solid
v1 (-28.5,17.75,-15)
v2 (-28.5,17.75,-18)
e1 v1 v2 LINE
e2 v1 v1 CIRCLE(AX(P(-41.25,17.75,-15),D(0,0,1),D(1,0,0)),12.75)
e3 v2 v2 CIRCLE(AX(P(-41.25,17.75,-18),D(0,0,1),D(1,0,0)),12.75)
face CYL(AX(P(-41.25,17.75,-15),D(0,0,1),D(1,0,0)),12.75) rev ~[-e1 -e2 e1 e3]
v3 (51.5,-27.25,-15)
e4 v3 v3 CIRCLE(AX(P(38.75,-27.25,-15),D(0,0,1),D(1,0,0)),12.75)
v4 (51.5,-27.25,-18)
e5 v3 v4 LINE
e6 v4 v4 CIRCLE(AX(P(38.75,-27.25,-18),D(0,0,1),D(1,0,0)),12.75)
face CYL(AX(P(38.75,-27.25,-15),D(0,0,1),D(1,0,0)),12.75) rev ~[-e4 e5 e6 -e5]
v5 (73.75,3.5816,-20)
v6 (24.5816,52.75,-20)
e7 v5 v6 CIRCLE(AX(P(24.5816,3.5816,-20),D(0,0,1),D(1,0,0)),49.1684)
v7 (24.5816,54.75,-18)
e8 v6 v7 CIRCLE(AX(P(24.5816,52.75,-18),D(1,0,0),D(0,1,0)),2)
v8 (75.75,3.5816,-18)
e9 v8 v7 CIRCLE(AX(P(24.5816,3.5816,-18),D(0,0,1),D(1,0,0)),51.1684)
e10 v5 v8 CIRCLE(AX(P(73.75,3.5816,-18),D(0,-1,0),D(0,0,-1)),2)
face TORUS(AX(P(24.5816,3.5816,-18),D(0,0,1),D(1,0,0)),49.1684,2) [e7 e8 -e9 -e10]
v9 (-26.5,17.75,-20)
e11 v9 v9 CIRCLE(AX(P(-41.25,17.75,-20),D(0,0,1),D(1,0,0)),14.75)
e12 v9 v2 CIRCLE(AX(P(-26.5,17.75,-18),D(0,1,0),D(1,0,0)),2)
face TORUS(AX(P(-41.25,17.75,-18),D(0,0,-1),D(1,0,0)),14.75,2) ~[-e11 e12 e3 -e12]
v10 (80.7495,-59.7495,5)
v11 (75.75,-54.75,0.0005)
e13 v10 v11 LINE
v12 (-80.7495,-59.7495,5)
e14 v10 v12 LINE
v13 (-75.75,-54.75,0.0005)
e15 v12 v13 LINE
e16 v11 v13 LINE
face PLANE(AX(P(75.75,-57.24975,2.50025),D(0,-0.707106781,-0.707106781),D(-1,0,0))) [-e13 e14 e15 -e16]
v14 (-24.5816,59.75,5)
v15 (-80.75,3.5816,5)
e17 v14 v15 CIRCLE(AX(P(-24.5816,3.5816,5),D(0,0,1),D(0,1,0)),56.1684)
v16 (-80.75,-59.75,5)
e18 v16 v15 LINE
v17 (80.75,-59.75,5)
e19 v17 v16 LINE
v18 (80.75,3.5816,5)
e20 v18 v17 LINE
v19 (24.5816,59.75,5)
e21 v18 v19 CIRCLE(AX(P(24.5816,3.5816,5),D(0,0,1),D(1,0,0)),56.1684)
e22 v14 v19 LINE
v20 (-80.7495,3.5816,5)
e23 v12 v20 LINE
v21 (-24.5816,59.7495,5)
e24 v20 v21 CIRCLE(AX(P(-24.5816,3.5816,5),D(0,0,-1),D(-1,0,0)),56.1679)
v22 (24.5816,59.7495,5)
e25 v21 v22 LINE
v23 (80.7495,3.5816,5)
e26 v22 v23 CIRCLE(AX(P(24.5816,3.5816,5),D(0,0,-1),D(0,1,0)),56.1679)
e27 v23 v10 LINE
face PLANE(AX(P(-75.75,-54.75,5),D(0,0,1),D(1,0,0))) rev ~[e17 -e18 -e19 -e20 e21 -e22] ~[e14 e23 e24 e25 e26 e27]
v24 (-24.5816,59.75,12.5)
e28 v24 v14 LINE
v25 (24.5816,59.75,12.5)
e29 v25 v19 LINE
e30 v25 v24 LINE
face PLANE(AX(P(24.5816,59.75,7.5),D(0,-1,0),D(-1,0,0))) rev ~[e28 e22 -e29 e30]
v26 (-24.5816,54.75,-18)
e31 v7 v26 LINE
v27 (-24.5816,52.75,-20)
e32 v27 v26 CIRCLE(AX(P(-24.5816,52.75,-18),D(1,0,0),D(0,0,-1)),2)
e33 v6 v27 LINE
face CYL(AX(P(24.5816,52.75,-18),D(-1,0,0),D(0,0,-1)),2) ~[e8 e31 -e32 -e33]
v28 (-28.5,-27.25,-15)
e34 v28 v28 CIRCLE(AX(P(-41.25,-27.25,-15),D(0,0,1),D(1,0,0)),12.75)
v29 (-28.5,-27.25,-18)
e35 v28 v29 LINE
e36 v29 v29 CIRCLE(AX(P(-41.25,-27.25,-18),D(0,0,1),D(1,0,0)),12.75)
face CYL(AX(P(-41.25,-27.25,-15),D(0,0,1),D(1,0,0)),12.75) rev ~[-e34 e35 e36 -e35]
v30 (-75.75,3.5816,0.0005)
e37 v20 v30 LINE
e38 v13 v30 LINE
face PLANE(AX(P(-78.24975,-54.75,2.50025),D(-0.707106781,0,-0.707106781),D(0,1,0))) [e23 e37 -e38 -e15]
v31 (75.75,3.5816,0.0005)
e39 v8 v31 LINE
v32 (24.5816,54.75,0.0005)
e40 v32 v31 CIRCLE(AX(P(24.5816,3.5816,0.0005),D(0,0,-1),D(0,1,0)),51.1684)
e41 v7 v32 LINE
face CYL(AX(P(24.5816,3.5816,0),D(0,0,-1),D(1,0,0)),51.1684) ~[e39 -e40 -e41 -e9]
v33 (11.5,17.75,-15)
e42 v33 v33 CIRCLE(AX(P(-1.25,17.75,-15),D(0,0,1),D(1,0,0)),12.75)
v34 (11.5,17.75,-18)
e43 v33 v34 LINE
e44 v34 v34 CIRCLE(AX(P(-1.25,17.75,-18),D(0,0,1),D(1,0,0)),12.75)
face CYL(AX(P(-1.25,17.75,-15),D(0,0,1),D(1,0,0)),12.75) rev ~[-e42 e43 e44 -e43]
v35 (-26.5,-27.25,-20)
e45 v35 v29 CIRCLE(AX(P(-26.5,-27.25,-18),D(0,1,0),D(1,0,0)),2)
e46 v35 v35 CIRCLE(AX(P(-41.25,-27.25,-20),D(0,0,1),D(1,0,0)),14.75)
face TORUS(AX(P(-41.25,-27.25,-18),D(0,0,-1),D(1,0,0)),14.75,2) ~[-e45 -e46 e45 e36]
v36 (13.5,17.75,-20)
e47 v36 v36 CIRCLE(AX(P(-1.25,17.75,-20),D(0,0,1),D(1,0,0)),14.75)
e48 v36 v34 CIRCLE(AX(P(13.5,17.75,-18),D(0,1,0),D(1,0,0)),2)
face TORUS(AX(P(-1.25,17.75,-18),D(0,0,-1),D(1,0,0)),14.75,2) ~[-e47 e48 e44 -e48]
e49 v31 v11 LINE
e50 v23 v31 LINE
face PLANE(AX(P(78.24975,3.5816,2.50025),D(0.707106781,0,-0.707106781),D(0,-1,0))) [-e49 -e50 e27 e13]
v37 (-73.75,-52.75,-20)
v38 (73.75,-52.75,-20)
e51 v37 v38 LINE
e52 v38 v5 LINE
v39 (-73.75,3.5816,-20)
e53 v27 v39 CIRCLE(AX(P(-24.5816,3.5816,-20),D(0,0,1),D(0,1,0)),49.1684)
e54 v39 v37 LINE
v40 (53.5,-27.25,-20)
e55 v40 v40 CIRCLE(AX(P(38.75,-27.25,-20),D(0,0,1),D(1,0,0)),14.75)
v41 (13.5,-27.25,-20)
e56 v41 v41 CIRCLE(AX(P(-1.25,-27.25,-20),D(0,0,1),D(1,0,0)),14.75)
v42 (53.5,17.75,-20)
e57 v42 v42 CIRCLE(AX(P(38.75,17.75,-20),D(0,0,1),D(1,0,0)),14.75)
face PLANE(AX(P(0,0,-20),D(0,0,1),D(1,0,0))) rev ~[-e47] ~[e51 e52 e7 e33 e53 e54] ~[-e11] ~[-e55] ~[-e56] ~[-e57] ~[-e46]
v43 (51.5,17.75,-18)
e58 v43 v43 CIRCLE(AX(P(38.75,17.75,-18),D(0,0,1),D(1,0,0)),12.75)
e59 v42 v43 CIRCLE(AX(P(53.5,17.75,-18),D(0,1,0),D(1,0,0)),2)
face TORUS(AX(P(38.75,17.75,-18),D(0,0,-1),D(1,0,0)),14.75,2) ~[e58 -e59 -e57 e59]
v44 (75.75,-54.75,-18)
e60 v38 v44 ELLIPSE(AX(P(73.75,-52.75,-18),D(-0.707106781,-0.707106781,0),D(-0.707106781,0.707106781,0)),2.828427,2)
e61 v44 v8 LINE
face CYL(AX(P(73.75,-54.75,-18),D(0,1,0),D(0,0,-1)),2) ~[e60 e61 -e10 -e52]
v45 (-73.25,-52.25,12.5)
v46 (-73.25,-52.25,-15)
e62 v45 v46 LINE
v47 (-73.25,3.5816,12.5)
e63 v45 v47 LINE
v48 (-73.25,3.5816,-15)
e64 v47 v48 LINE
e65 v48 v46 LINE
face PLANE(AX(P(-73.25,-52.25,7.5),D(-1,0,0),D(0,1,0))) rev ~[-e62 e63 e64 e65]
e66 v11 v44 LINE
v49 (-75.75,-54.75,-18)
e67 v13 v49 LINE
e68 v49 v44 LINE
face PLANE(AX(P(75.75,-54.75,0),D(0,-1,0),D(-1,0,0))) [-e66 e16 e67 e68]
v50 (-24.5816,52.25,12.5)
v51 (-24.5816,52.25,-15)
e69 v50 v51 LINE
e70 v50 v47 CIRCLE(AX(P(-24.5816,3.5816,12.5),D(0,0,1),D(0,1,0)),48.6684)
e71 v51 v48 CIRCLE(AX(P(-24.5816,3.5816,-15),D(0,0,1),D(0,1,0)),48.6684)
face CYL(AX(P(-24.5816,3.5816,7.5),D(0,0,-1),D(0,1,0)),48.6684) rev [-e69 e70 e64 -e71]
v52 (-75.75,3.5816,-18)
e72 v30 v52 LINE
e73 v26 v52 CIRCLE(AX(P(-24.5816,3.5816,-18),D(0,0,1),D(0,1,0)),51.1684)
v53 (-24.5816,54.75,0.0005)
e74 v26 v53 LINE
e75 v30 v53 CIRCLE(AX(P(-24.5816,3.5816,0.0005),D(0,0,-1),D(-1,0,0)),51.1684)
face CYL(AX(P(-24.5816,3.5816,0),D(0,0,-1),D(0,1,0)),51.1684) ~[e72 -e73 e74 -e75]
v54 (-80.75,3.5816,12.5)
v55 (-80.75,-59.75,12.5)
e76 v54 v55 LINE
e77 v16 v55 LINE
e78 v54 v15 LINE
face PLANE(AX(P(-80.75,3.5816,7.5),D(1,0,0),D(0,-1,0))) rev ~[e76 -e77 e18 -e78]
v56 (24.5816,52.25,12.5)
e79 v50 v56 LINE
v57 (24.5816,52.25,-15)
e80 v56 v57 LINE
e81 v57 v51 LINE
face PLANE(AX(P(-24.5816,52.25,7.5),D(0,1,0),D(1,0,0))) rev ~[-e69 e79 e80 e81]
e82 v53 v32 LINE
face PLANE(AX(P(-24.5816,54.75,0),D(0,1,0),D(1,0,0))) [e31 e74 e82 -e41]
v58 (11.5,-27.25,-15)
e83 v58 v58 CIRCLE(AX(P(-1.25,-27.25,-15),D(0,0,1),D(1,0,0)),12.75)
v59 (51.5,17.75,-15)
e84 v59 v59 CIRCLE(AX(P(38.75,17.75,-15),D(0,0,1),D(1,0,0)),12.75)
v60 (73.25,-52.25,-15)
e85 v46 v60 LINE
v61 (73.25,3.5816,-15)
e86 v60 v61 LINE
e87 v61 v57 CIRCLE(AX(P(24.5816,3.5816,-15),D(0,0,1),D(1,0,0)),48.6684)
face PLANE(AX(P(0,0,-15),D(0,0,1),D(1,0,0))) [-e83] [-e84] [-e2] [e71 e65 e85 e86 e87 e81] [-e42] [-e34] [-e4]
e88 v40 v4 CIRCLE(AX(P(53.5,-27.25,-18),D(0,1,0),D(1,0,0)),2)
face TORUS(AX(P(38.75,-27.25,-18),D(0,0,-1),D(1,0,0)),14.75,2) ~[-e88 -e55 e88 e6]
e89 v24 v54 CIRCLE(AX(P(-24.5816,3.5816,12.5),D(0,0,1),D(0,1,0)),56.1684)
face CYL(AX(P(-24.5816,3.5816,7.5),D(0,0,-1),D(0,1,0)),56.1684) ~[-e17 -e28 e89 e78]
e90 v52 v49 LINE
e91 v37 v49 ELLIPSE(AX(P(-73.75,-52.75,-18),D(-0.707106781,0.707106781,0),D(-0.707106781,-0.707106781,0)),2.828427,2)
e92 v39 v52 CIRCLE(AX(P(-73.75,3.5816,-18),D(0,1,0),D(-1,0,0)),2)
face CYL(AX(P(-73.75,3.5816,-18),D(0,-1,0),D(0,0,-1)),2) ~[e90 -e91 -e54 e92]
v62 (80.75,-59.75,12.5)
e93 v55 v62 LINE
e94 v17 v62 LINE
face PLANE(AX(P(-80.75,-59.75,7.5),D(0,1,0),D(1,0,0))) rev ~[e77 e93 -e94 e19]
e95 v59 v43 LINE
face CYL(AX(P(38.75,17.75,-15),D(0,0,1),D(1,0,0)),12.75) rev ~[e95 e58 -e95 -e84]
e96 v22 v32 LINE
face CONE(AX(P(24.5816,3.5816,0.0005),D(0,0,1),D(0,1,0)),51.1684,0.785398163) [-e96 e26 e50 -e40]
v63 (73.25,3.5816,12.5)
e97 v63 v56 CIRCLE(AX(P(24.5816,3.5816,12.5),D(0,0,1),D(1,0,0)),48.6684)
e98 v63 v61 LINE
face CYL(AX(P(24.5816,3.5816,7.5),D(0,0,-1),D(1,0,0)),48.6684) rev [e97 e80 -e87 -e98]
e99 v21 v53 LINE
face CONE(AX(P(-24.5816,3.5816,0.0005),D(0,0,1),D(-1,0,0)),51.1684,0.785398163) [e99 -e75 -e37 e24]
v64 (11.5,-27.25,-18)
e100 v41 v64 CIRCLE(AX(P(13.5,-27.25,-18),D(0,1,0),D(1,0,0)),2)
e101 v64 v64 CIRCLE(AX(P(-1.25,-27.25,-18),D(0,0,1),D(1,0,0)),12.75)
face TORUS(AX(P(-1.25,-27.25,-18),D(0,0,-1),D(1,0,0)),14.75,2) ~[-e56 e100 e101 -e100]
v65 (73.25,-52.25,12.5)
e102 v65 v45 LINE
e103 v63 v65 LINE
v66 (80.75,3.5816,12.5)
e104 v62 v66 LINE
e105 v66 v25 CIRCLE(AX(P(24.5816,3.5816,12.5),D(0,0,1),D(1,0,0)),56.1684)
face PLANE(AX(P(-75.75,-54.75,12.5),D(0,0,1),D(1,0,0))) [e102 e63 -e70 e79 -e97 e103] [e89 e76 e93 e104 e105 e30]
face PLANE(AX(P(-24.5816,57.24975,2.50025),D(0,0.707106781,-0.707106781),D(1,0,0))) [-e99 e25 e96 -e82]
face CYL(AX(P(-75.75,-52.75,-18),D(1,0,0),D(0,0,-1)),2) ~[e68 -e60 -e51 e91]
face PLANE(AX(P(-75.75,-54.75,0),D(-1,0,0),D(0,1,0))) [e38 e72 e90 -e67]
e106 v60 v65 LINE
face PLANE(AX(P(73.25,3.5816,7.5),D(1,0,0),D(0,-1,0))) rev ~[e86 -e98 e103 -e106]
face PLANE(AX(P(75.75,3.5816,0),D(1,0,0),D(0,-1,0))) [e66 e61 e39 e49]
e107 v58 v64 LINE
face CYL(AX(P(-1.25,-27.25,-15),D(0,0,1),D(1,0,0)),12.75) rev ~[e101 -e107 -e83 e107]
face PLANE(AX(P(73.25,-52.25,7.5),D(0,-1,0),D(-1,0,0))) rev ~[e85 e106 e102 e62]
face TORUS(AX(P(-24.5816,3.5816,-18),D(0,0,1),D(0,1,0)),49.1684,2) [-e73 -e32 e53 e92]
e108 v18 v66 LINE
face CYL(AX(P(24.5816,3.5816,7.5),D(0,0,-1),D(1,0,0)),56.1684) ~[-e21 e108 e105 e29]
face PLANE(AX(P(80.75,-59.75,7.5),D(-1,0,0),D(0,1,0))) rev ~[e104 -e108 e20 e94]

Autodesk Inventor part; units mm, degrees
ref_plane "YZ Plane" through (0, 0, 0) normal (1, 0, 0) x (0, 1, 0)
ref_plane "XZ Plane" through (0, 0, 0) normal (0, 1, 0) x (-1, 0, 0)
ref_plane "Work Plane1" through (0, 0, -20) normal (0, 0, 1) x (1, 0, 0)
sketch "Sketch1" plane through (0, 0, -20) normal (0, 0, 1) x (1, 0, 0)
  arc A0 (-24.5816, 56) -> (-77, 3.5816) centre (-24.5816, 3.5816) ccw construction
  line L0 (-24.5816, 56) -> (24.5816, 56) construction
  arc A1 (77, 3.5816) -> (24.5816, 56) centre (24.5816, 3.5816) ccw construction
  line L1 (77, 3.5816) -> (77, -56) construction
  line L2 (77, -56) -> (-77, -56) construction
  line L3 (-77, -56) -> (-77, 3.5816) construction
  line L4 (87, 75) -> (-87, 75) construction
  line L5 (-87, 75) -> (-87, -75) construction
  line L6 (-87, -75) -> (87, -75) construction
  line L7 (87, -75) -> (87, 75) construction
  line L8 (24.5816, 54.75) -> (-24.5816, 54.75)
  arc A2 (-24.5816, 54.75) -> (-75.75, 3.5816) centre (-24.5816, 3.5816) ccw
  line L9 (-75.75, 3.5816) -> (-75.75, -54.75)
  line L10 (-75.75, -54.75) -> (75.75, -54.75)
  line L11 (75.75, -54.75) -> (75.75, 3.5816)
  arc A3 (75.75, 3.5816) -> (24.5816, 54.75) centre (24.5816, 3.5816) ccw
  point P0 (0, 0)
  dimension "d0" = 1.25
extrude "Extrusion1" add sketch "Sketch1" along normal blind 5
sketch "Sketch2" plane through (0, 0, -15) normal (0, 0, 1) x (1, 0, 0)
  line L0 (24.5816, 54.75) -> (-24.5816, 54.75) projected
  arc A0 (-24.5816, 54.75) -> (-75.75, 3.5816) centre (-24.5816, 3.5816) ccw projected
  line L1 (-75.75, 3.5816) -> (-75.75, -54.75) projected
  line L2 (-75.75, -54.75) -> (75.75, -54.75) projected
  line L3 (75.75, -54.75) -> (75.75, 3.5816) projected
  arc A1 (75.75, 3.5816) -> (24.5816, 54.75) centre (24.5816, 3.5816) ccw projected
  line L4 (24.5816, 52.25) -> (-24.5816, 52.25)
  arc A2 (-24.5816, 52.25) -> (-73.25, 3.5816) centre (-24.5816, 3.5816) ccw
  line L5 (-73.25, 3.5816) -> (-73.25, -52.25)
  line L6 (-73.25, -52.25) -> (73.25, -52.25)
  line L7 (73.25, -52.25) -> (73.25, 3.5816)
  arc A3 (73.25, 3.5816) -> (24.5816, 52.25) centre (24.5816, 3.5816) ccw
  point P0 (0, 0)
  dimension "d3" = 2.5
ref_plane "Work Plane2" through (-87, -75, 0) normal (0, 0, 1) x (1, 0, 0)
extrude "Extrusion2" add sketch "Sketch2" along normal up to surface (15 mm away)
sketch "Sketch3" plane through (-75.75, -54.75, 0) normal (0, 0, 1) x (1, 0, 0)
  arc A0 (149, 58.3316) -> (100.3316, 107) centre (100.3316, 58.3316) ccw projected
  line L0 (149, 2.5) -> (149, 58.3316) projected
  line L1 (2.5, 2.5) -> (149, 2.5) projected
  line L2 (2.5, 58.3316) -> (2.5, 2.5) projected
  arc A1 (51.1684, 107) -> (2.5, 58.3316) centre (51.1684, 58.3316) ccw projected
  line L3 (100.3316, 107) -> (51.1684, 107) projected
  arc A2 (151.5, 58.3316) -> (100.3316, 109.5) centre (100.3316, 58.3316) ccw projected
  line L4 (51.1684, 109.5) -> (100.3316, 109.5) projected
  arc A3 (51.1684, 109.5) -> (0, 58.3316) centre (51.1684, 58.3316) ccw projected
  line L5 (0, 0) -> (0, 58.3316) projected
  line L6 (151.5, 0) -> (0, 0) projected
  line L7 (151.5, 58.3316) -> (151.5, 0) projected
  point P0 (75.75, 54.75)
extrude "Extrusion3" add sketch "Sketch3" along normal blind 5
sketch "Sketch4" plane through (-75.75, -54.75, 5) normal (0, 0, 1) x (1, 0, 0)
  line L0 (149, 58.3316) -> (149, 2.5) projected
  line L1 (149, 2.5) -> (2.5, 2.5) projected
  line L2 (2.5, 2.5) -> (2.5, 58.3316) projected
  arc A0 (51.1684, 107) -> (2.5, 58.3316) centre (51.1684, 58.3316) ccw projected
  line L3 (51.1684, 107) -> (100.3316, 107) projected
  arc A1 (149, 58.3316) -> (100.3316, 107) centre (100.3316, 58.3316) ccw projected
  arc A2 (151.5, 58.3316) -> (100.3316, 109.5) centre (100.3316, 58.3316) ccw construction
  line L4 (100.3316, 109.5) -> (51.1684, 109.5) construction
  arc A3 (51.1684, 109.5) -> (0, 58.3316) centre (51.1684, 58.3316) ccw construction
  line L5 (0, 58.3316) -> (0, 0) construction
  line L6 (0, 0) -> (151.5, 0) construction
  line L7 (151.5, 0) -> (151.5, 58.3316) construction
  line L8 (156.5, -5) -> (-5, -5)
  line L9 (-5, -5) -> (-5, 58.3316)
  arc A4 (51.1684, 114.5) -> (-5, 58.3316) centre (51.1684, 58.3316) ccw
  line L10 (51.1684, 114.5) -> (100.3316, 114.5)
  arc A5 (156.5, 58.3316) -> (100.3316, 114.5) centre (100.3316, 58.3316) ccw
  line L11 (156.5, 58.3316) -> (156.5, -5)
  point P0 (75.75, 54.75)
  dimension "d8" = 5
extrude "Extrusion4" add sketch "Sketch4" along normal blind 2.5
chamfer "Chamfer1" distance 5 angle 45 6 edges at (-75.75, -25.5842, 5) (-60.7631, 39.7631, 5) (0, 54.75, 5) (60.7631, 39.7631, 5) (75.75, -25.5842, 5) (0, -54.75, 5)
sketch "Sketch5" plane through (0, 0, -15) normal (0, 0, 1) x (1, 0, 0)
  circle A0 centre (-41.25, -27.25) radius 12.75
  line L0 (-73.25, 3.5816) -> (-73.25, -52.25) projected
  line L1 (-73.25, -52.25) -> (73.25, -52.25) projected
  line L2 (73.25, -52.25) -> (73.25, 3.5816) projected
  arc A1 (73.25, 3.5816) -> (24.5816, 52.25) centre (24.5816, 3.5816) ccw projected
  line L3 (24.5816, 52.25) -> (-24.5816, 52.25) projected
  arc A2 (-24.5816, 52.25) -> (-73.25, 3.5816) centre (-24.5816, 3.5816) ccw projected
  circle A3 centre (-41.25, 17.75) radius 12.75
  circle A4 centre (-1.25, -27.25) radius 12.75
  circle A5 centre (-1.25, 17.75) radius 12.75
  circle A6 centre (38.75, -27.25) radius 12.75
  circle A7 centre (38.75, 17.75) radius 12.75
  point P0 (0, 0)
  dimension "d14" = 25.5
  dimension "d15" = 25
  dimension "d16" = 32
  dimension "d19" = 45
  dimension "d22" = 40
extrude "Extrusion5" cut sketch "Sketch5" against normal through all contours A0 | A3 | A4 | A5 | A6 | A7
fillet "Fillet1" radius 2 6 edges at (26, -27.25, -20) (26, 17.75, -20) (-14, -27.25, -20) (-14, 17.75, -20) (-54, -27.25, -20) (-54, 17.75, -20)
fillet "Fillet2" radius 2 6 edges at (60.7631, 39.7631, -20) (0, 54.75, -20) (-60.7631, 39.7631, -20) (-75.75, -25.5842, -20) (75.75, -25.5842, -20) (0, -54.75, -20)
sketch "Sketch6" plane through (-75.75, -54.75, 7.5) normal (0, 0, 1) x (1, 0, 0)
  line L0 (149, 2.5) -> (2.5, 2.5) projected
  line L1 (2.5, 2.5) -> (2.5, 58.3316) projected
  arc A0 (51.1684, 107) -> (2.5, 58.3316) centre (51.1684, 58.3316) ccw projected
  line L2 (51.1684, 107) -> (100.3316, 107) projected
  arc A1 (149, 58.3316) -> (100.3316, 107) centre (100.3316, 58.3316) ccw projected
  line L3 (149, 58.3316) -> (149, 2.5) projected
  line L4 (-5, -5) -> (156.5, -5) projected
  line L5 (156.5, -5) -> (156.5, 58.3316) projected
  arc A2 (156.5, 58.3316) -> (100.3316, 114.5) centre (100.3316, 58.3316) ccw projected
  line L6 (100.3316, 114.5) -> (51.1684, 114.5) projected
  arc A3 (51.1684, 114.5) -> (-5, 58.3316) centre (51.1684, 58.3316) ccw projected
  line L7 (-5, 58.3316) -> (-5, -5) projected
  point P0 (75.75, 54.75)
extrude "Extrusion6" add sketch "Sketch6" along normal blind 5
properties part number "bottleHolder"
